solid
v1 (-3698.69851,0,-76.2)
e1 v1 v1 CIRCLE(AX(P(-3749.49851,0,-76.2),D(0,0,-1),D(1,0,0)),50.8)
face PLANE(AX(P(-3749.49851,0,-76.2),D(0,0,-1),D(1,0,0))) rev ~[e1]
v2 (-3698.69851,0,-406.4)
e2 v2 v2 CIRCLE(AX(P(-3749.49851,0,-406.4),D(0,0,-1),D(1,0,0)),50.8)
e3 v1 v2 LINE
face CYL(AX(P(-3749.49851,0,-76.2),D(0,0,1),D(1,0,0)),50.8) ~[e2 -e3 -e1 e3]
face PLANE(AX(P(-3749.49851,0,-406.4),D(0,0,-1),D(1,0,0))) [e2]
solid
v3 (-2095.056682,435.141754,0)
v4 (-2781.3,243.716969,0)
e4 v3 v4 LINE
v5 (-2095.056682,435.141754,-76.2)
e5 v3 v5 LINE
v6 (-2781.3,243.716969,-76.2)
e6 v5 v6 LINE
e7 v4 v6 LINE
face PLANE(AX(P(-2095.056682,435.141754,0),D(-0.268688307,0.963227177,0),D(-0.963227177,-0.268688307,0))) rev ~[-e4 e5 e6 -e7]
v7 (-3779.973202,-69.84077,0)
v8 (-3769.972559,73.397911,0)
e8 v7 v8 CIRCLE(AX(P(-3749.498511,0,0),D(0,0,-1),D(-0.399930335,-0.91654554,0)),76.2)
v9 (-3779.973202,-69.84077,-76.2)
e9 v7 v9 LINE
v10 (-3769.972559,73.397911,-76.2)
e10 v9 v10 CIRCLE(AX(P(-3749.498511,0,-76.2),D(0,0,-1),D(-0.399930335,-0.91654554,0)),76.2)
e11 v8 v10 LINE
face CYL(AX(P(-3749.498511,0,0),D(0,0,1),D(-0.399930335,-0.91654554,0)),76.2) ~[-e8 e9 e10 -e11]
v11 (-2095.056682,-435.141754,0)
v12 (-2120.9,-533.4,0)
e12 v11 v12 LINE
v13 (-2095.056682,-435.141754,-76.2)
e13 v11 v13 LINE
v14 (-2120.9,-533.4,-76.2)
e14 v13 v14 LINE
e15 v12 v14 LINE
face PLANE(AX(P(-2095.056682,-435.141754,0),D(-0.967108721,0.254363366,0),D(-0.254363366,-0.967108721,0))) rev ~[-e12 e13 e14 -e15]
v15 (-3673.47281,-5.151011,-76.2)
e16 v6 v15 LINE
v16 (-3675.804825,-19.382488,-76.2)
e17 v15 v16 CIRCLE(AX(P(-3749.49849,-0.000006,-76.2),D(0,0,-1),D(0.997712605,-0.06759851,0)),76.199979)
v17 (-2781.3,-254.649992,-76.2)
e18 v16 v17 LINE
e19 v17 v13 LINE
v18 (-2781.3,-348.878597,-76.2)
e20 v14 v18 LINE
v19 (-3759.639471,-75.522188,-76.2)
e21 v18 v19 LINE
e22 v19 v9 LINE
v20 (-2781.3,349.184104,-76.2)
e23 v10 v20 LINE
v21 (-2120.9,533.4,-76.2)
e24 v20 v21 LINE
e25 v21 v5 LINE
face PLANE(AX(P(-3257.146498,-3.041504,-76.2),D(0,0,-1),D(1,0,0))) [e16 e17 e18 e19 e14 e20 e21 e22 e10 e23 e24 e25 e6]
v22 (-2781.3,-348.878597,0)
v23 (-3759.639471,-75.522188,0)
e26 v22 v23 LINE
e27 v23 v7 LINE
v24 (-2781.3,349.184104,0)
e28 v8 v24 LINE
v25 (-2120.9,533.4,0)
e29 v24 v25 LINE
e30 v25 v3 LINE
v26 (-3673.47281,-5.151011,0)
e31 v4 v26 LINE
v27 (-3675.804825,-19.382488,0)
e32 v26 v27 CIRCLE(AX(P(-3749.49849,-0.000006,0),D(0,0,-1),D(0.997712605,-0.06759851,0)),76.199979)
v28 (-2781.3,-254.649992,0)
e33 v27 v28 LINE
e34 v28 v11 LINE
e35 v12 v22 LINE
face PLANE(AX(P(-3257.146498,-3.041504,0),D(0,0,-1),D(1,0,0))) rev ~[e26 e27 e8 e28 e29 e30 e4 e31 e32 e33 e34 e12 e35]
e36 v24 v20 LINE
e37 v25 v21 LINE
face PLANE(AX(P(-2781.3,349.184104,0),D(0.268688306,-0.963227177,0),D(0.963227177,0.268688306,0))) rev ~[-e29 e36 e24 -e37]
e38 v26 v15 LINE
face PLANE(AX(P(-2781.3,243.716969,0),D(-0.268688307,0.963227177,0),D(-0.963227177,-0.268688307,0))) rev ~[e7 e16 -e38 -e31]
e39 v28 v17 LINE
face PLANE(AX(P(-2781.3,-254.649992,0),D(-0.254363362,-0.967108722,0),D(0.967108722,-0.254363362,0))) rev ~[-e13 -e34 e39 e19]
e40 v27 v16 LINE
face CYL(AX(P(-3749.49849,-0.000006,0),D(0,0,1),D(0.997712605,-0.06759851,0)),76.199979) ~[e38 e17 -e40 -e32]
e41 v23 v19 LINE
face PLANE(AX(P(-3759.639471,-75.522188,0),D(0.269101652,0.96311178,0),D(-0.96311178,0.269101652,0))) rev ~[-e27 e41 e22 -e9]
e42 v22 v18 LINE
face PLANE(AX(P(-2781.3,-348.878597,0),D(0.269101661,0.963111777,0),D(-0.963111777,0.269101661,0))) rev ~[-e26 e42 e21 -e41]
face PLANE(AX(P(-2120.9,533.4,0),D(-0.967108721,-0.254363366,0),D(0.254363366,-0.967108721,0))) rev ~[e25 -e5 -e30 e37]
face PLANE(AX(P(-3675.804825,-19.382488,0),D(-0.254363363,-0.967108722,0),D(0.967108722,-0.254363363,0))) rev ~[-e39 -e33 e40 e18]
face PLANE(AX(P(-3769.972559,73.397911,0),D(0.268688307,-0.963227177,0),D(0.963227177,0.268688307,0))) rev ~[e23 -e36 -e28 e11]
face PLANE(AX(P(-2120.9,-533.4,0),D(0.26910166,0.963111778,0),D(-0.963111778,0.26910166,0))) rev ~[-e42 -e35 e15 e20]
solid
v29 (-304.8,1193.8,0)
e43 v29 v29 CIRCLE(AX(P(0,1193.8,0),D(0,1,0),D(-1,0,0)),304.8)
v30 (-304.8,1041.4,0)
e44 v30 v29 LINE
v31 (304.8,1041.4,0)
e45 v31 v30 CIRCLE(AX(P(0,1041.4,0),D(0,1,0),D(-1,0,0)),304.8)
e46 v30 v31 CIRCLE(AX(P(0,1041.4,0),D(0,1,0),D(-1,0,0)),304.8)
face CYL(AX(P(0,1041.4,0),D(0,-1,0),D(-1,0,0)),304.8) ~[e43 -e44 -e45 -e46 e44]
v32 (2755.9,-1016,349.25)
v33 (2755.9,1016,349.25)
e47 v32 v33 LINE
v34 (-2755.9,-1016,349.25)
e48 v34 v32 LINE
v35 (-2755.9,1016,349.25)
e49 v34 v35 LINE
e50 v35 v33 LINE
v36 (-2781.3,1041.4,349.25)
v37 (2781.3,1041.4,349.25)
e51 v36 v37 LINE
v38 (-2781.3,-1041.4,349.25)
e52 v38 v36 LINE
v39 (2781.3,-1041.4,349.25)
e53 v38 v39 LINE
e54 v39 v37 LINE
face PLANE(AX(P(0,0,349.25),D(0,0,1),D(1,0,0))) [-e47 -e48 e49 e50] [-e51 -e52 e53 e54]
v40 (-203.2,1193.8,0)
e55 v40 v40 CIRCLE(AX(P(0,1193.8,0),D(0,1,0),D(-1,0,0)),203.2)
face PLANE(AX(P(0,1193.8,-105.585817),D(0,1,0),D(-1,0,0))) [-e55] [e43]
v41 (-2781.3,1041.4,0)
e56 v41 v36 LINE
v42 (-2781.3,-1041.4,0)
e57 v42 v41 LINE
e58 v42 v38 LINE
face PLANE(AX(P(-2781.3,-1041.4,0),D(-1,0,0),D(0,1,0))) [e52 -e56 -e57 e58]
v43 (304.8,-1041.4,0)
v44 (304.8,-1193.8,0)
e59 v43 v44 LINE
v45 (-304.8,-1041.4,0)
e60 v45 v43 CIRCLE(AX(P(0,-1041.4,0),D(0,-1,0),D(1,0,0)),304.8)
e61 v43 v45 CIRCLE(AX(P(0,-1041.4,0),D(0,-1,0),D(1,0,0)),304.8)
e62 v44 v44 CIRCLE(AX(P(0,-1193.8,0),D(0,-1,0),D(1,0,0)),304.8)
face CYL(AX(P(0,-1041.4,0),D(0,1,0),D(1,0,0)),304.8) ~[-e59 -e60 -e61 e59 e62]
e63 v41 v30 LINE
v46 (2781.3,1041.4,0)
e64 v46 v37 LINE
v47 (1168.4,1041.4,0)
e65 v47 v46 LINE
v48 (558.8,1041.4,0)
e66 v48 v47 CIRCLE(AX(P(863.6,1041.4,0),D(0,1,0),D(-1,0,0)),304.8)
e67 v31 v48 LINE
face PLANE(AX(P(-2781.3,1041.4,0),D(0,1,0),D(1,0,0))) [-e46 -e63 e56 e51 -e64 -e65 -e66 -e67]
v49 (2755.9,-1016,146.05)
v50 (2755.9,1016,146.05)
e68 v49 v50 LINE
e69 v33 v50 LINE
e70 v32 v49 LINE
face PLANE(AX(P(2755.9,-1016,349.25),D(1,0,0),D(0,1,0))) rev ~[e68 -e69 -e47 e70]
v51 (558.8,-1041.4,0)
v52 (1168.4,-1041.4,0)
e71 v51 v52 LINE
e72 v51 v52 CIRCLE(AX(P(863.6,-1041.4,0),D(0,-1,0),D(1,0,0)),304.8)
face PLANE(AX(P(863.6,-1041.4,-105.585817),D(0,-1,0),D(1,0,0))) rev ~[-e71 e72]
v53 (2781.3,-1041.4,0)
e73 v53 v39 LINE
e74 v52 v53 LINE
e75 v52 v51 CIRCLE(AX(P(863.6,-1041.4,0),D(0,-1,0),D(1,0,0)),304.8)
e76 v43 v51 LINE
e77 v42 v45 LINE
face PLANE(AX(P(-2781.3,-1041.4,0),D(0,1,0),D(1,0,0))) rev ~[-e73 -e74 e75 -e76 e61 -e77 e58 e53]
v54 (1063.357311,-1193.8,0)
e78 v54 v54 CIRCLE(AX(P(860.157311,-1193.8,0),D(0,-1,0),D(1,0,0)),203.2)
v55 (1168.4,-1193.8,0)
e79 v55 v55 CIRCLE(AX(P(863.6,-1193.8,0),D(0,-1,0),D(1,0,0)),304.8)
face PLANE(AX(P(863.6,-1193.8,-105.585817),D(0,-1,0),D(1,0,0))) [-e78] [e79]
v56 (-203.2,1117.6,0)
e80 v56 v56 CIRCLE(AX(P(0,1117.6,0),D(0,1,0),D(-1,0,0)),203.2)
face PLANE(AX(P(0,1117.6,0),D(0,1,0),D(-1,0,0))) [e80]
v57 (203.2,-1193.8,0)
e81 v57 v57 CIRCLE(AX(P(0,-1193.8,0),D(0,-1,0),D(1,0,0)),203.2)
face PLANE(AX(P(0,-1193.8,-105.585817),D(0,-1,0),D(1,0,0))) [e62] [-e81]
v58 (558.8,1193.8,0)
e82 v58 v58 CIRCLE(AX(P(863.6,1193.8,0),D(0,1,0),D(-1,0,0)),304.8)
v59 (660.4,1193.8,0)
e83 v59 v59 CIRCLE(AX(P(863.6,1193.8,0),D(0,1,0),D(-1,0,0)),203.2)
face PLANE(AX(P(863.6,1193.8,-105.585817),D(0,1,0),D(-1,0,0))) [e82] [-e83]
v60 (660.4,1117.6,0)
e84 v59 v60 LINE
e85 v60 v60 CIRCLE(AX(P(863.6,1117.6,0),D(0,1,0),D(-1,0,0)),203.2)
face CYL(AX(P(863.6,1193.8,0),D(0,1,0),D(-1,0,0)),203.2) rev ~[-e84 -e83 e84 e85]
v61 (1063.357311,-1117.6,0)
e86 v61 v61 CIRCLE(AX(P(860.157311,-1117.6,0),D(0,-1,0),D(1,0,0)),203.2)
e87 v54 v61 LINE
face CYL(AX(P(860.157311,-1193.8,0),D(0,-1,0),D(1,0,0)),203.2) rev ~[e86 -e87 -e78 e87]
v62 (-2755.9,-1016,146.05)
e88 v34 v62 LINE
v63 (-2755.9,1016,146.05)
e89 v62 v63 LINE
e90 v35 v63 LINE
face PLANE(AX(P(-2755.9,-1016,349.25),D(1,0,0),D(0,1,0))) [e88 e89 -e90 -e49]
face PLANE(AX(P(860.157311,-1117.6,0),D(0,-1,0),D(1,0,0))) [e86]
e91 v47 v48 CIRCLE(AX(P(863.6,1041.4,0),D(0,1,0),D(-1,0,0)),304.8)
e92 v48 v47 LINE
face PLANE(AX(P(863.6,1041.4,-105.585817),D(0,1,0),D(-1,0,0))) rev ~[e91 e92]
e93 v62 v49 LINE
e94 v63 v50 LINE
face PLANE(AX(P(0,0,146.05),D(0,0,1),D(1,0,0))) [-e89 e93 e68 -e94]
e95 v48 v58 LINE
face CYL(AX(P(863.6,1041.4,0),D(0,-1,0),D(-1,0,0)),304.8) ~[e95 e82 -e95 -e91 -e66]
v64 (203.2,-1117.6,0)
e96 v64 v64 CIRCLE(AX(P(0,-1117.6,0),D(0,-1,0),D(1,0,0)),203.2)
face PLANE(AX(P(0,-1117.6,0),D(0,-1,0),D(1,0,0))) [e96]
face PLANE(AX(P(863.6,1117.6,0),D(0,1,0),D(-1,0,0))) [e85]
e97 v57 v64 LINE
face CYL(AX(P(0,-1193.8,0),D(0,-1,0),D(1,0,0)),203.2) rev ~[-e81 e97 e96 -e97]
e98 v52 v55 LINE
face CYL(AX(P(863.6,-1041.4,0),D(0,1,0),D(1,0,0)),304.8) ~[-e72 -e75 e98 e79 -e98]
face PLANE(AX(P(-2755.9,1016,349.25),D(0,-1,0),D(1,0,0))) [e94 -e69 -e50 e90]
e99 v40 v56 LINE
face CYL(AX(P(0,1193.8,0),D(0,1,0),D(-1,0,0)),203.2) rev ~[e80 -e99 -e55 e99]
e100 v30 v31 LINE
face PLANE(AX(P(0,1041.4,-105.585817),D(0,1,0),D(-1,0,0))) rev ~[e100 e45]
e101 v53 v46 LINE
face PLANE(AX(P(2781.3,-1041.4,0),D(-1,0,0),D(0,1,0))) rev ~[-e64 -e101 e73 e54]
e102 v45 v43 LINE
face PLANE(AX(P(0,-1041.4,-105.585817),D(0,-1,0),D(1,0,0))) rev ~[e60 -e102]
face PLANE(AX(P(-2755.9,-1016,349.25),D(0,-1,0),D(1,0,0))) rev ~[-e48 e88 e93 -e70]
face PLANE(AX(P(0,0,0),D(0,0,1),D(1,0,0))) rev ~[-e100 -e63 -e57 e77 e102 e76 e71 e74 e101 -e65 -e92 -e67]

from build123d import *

# Parameters (mm, degrees)
F0_W      = 5562.6
F0_H      = 2082.8
F1_DEPTH  = 349.25
F2_W      = 5511.8
F2_H      = 2032
F3_DEPTH  = 203.2
F5_DEPTH  = 152.4
F6_R      = 203.2
F7_DEPTH  = 76.2
F9_DEPTH  = 152.4
F10_R     = 203.2
F11_DEPTH = 76.2
F13_DEPTH = 76.2
F14_R     = 50.8
F15_DEPTH = 330.2


with BuildPart() as f1:
    # F0 (on Top) → F1 (new body)
    with BuildSketch(Plane.XY):
        Rectangle(F0_W, F0_H)
    extrude(amount=F1_DEPTH)

    # F2 (on face) → F3 (cut)
    with BuildSketch(Plane.XY.offset(349.25)):
        Rectangle(F2_W, F2_H)
    extrude(amount=-F3_DEPTH, mode=Mode.SUBTRACT)

    # F4 (on face) → F5 (join)
    with BuildSketch(Plane.XZ.offset(1041.4)):
        with BuildLine():
            ThreePointArc((-304.8, 0), (0, -304.8), (304.8, 0))
            Line((304.8, 0), (-304.8, 0))
        make_face()
        with BuildLine():
            Line((-304.8, 0), (304.8, 0))
            ThreePointArc((304.8, 0), (0, 304.8), (-304.8, 0))
        make_face()
        with BuildLine():
            Line((1168.4, 0), (558.8, 0))
            ThreePointArc((558.8, 0), (863.6, -304.8), (1168.4, 0))
        make_face()
        with BuildLine():
            ThreePointArc((1168.4, 0), (863.6, 304.8), (558.8, 0))
            Line((558.8, 0), (1168.4, 0))
        make_face()
    extrude(amount=F5_DEPTH)

    # F6 (on face) → F7 (cut)
    with BuildSketch(Plane.XZ.offset(1193.8)):
        Circle(F6_R)
        with Locations((860.157311, 0)):
            Circle(F6_R)
    extrude(amount=-F7_DEPTH, mode=Mode.SUBTRACT)

    # F8 (on face) → F9 (join)
    with BuildSketch(Plane(origin=(0, 1041.4, 0), x_dir=(-1, 0, 0), z_dir=(0, 1, 0))):
        with BuildLine():
            ThreePointArc((-1168.4, 0), (-863.6, -304.8), (-558.8, 0))
            Line((-558.8, 0), (-1168.4, 0))
        make_face()
        with BuildLine():
            Line((-1168.4, 0), (-558.8, 0))
            ThreePointArc((-558.8, 0), (-863.6, 304.8), (-1168.4, 0))
        make_face()
        with BuildLine():
            ThreePointArc((-304.8, 0), (0, -304.8), (304.8, 0))
            Line((304.8, 0), (-304.8, 0))
        make_face()
        with BuildLine():
            Line((-304.8, 0), (304.8, 0))
            ThreePointArc((304.8, 0), (0, 304.8), (-304.8, 0))
        make_face()
    extrude(amount=F9_DEPTH)

    # F10 (on face) → F11 (cut)
    with BuildSketch(Plane(origin=(0, 1193.8, 0), x_dir=(-1, 0, 0), z_dir=(0, 1, 0))):
        with Locations((-863.6, 0)):
            Circle(F10_R)
        Circle(F10_R)
    extrude(amount=-F11_DEPTH, mode=Mode.SUBTRACT)


with BuildPart() as f13:
    # F12 (on face) → F13 (new body)
    with BuildSketch(Plane(origin=(0, 0, 0), x_dir=(1, 0, 0), z_dir=(0, 0, -1))):
        with BuildLine():
            Line((-2781.3, 348.878597), (-3759.639471, 75.522188))
            Line((-3759.639471, 75.522188), (-3779.973202, 69.84077))
            ThreePointArc((-3779.973202, 69.84077), (-3825.513466, -5.307215), (-3769.972559, -73.397911))
            Line((-3769.972559, -73.397911), (-2781.3, -349.184104))
            Line((-2781.3, -349.184104), (-2781.3, -243.716969))
            Line((-2781.3, -243.716969), (-3673.47281, 5.151011))
            ThreePointArc((-3673.47281, 5.151011), (-3674.301387, 12.322042), (-3675.804825, 19.382488))
            Line((-3675.804825, 19.382488), (-2781.3, 254.649992))
            Line((-2781.3, 254.649992), (-2781.3, 348.878597))
        make_face()
        Polygon((-2120.9, 533.4), (-2781.3, 348.878597), (-2781.3, 254.649992), (-2095.056682, 435.141754), align=None)
        Polygon((-2781.3, -243.716969), (-2781.3, -349.184104), (-2120.9, -533.4), (-2095.056682, -435.141754), align=None)
    extrude(amount=F13_DEPTH)


with BuildPart() as f15:
    # F14 (on face) → F15 (new body)
    with BuildSketch(Plane(origin=(0, 0, -76.2), x_dir=(1, 0, 0), z_dir=(0, 0, -1))):
        with Locations((-3749.49851, 0)):
            Circle(F14_R)
    extrude(amount=F15_DEPTH)


solid = Compound([f1.part, f13.part, f15.part])
